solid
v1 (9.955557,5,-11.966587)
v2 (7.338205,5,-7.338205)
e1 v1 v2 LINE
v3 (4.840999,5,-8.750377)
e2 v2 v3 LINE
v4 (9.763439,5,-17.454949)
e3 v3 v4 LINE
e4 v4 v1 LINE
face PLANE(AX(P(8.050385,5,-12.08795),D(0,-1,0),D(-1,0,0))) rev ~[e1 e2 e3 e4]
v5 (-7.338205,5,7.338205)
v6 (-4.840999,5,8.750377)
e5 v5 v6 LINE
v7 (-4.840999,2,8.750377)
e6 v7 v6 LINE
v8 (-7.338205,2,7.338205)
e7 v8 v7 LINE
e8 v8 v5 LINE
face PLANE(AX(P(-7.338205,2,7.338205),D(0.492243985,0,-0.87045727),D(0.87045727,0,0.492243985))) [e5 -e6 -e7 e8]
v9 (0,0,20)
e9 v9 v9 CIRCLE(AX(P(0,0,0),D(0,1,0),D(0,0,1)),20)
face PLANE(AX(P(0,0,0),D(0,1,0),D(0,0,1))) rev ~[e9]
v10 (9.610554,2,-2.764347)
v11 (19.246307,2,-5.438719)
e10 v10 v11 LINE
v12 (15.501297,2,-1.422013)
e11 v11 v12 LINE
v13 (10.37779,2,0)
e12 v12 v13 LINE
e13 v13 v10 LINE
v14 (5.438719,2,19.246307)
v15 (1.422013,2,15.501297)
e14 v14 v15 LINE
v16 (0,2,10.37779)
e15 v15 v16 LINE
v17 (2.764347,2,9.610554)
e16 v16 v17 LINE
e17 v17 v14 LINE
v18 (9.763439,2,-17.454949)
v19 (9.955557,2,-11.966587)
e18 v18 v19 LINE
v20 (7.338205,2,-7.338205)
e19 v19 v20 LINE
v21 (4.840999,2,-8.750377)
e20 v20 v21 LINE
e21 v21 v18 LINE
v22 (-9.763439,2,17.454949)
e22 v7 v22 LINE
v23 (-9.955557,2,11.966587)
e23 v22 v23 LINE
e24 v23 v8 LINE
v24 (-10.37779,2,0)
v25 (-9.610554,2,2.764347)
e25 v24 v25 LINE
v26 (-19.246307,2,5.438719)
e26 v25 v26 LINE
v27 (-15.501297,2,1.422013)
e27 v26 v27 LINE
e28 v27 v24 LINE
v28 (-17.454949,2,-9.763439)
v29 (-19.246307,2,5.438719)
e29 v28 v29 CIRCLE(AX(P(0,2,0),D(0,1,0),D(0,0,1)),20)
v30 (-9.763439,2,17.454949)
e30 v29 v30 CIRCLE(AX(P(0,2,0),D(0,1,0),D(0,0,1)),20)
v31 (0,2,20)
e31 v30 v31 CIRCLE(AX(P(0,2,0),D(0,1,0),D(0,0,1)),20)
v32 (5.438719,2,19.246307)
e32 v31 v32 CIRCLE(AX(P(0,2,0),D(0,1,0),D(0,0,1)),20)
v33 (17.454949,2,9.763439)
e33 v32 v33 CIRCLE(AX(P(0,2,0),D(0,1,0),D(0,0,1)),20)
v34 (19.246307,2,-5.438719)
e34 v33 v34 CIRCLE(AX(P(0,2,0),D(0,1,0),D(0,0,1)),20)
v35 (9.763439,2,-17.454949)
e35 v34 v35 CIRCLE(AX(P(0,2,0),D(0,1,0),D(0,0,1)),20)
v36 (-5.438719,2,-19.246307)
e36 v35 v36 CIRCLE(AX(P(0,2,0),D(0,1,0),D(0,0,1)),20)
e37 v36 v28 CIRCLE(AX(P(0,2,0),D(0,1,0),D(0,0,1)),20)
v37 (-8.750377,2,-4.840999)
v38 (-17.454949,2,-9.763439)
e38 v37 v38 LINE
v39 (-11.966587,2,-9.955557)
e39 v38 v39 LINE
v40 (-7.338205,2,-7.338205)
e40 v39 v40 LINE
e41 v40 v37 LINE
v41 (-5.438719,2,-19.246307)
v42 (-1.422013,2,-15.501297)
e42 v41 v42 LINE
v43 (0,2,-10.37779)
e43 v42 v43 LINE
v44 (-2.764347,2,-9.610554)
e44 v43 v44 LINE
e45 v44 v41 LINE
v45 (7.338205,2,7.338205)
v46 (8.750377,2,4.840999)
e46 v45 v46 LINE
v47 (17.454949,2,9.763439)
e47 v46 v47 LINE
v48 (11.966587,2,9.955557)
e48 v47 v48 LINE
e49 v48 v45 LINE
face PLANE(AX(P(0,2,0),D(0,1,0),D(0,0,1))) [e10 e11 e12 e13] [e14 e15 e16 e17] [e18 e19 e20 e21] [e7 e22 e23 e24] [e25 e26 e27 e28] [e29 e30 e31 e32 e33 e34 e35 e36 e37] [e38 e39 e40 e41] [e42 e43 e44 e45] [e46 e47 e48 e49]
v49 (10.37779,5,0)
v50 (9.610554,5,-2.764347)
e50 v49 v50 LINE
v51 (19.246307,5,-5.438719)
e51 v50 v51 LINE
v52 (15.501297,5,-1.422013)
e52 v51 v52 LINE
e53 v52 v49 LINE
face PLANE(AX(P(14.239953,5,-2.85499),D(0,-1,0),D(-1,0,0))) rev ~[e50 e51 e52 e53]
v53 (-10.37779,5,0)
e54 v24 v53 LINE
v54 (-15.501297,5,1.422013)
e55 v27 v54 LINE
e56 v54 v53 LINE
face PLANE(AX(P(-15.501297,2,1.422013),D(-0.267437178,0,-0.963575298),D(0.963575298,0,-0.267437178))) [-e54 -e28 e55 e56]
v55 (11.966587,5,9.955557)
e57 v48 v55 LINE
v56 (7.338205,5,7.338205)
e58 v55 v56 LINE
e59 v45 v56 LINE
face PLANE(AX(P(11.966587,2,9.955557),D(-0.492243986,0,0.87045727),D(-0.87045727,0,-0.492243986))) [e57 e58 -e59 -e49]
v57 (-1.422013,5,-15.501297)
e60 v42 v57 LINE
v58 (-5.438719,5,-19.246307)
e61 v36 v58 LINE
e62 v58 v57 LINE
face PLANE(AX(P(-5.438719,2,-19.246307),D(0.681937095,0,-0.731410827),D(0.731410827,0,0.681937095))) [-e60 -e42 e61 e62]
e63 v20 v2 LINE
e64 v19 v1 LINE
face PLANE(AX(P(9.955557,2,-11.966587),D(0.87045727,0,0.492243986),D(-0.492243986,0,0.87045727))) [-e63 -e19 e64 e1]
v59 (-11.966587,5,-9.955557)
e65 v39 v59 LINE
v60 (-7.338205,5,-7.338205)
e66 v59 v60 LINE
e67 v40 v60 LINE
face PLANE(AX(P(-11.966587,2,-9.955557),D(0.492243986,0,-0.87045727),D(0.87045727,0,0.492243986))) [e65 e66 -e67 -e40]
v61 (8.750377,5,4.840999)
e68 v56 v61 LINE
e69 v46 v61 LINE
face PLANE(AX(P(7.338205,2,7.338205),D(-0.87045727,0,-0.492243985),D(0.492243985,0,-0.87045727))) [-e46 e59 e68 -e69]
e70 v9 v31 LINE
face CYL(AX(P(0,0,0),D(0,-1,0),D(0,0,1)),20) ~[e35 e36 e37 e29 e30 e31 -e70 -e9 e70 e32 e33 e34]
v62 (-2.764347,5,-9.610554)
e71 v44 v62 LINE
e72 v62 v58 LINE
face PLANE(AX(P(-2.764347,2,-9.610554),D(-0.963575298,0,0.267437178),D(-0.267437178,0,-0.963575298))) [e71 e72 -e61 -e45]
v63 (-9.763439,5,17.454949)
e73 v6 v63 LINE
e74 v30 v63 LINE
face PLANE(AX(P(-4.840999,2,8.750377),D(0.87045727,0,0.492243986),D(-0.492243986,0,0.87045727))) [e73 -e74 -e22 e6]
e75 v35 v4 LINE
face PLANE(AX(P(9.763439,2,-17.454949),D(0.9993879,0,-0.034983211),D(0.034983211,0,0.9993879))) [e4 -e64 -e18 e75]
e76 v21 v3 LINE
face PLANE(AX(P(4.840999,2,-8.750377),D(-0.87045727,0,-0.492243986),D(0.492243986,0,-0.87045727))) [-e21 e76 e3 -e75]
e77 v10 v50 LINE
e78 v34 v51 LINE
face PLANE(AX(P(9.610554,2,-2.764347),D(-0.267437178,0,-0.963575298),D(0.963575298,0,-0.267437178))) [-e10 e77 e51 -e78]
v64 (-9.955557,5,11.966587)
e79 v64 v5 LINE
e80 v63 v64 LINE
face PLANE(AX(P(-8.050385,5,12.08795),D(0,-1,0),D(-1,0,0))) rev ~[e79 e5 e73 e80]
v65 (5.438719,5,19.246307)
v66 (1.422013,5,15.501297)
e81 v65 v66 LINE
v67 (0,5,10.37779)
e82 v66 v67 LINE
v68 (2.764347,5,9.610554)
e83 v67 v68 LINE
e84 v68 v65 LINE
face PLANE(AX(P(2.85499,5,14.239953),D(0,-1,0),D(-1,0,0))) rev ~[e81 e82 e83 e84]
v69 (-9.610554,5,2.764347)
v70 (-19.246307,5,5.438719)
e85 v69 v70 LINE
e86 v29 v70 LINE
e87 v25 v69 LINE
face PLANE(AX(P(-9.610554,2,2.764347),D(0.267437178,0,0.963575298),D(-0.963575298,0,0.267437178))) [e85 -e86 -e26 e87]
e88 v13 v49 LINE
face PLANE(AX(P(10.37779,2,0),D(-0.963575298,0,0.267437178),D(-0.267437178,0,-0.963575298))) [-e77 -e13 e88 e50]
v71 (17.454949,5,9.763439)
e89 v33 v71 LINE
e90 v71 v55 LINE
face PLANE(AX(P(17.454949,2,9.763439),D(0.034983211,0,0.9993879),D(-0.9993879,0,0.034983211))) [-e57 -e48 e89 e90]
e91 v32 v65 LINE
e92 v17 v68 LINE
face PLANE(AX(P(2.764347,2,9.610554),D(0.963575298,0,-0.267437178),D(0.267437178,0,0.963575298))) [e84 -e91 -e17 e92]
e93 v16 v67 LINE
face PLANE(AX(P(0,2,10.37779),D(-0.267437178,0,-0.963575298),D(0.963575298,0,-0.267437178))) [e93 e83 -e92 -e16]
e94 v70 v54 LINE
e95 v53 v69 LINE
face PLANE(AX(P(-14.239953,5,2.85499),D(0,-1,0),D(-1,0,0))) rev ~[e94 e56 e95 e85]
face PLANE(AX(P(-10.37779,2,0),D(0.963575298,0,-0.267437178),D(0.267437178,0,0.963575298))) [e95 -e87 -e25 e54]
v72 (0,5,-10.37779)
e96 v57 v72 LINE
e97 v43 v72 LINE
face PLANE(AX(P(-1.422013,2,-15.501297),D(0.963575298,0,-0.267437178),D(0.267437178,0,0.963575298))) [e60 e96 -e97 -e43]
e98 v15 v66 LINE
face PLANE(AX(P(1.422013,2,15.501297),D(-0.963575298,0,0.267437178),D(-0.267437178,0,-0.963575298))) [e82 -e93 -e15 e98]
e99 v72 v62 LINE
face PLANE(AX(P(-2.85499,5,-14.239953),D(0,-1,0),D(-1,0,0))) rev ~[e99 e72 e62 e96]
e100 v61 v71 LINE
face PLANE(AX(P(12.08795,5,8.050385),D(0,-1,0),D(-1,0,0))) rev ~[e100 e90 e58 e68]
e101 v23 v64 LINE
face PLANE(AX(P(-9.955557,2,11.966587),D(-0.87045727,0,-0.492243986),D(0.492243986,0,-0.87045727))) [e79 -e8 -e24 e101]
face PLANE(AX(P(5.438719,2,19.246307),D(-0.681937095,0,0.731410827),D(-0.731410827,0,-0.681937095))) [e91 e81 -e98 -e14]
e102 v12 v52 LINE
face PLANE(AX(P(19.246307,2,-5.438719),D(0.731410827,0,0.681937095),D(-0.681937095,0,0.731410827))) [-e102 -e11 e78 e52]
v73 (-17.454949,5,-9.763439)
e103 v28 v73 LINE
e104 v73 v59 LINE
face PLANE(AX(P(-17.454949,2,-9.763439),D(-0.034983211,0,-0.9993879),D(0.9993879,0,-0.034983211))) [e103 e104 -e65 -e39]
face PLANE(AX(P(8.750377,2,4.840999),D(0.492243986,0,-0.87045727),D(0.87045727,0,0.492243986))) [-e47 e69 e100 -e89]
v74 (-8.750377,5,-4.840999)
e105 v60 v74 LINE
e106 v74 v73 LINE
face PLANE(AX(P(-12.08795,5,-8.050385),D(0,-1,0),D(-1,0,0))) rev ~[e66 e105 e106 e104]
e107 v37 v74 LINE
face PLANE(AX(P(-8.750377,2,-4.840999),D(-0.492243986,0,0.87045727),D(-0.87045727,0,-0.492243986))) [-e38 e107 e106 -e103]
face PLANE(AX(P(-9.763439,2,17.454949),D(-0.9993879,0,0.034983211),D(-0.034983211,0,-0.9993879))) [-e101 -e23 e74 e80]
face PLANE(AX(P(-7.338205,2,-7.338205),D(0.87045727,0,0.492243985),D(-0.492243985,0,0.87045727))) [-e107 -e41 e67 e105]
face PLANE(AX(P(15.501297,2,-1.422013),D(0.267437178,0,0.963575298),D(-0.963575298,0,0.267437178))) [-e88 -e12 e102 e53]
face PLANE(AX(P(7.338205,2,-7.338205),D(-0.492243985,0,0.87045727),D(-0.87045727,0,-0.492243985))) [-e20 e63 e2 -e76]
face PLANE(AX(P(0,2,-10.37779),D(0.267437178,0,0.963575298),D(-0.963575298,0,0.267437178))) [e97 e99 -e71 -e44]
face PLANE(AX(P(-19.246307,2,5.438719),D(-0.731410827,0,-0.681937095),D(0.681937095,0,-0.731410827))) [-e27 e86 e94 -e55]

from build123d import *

# Parameters (mm, degrees)
SKETCH_1_R      = 20
EXTRUDE_1_DEPTH = 2
EXTRUDE_2_DEPTH = 3


with BuildPart() as part:
    # 草图1 → 凸台-拉伸1 (new body)
    with BuildSketch(Plane(origin=(0, 0, 0), x_dir=(1, 0, 0), z_dir=(0, 1, 0))):
        with Locations(Location((0, 0, 0), (0, 0, 270))):
            Circle(SKETCH_1_R)
    extrude(amount=EXTRUDE_1_DEPTH)

    # 草图2 → 凸台-拉伸2 (add)
    with BuildSketch(Plane(origin=(0, 2, 0), x_dir=(1, 0, 0), z_dir=(0, 1, 0))):
        Polygon((1.422012769, -15.50129709), (0, -10.377789627), (2.764347063, -9.610554125), (5.438718845, -19.246307109), align=None)
        Polygon((-9.955557418, -11.966587161), (-7.338205419, -7.338205419), (-4.840999439, -8.750376546), (-9.763439294, -17.454949245), align=None)
        Polygon((-15.50129709, -1.422012769), (-10.377789627, 0), (-9.610554125, -2.764347063), (-19.246307109, -5.438718845), align=None)
        Polygon((-11.966587161, 9.955557418), (-7.338205419, 7.338205419), (-8.750376546, 4.840999439), (-17.454949245, 9.763439294), align=None)
        Polygon((-1.422012769, 15.50129709), (0, 10.377789627), (-2.764347063, 9.610554125), (-5.438718845, 19.246307109), align=None)
        Polygon((9.955557418, 11.966587161), (7.338205419, 7.338205419), (4.840999439, 8.750376546), (9.763439294, 17.454949245), align=None)
        Polygon((15.50129709, 1.422012769), (10.377789627, 0), (9.610554125, 2.764347063), (19.246307109, 5.438718845), align=None)
        Polygon((11.966587161, -9.955557418), (7.338205419, -7.338205419), (8.750376546, -4.840999439), (17.454949245, -9.763439294), align=None)
    extrude(amount=EXTRUDE_2_DEPTH)


solid = part.part
